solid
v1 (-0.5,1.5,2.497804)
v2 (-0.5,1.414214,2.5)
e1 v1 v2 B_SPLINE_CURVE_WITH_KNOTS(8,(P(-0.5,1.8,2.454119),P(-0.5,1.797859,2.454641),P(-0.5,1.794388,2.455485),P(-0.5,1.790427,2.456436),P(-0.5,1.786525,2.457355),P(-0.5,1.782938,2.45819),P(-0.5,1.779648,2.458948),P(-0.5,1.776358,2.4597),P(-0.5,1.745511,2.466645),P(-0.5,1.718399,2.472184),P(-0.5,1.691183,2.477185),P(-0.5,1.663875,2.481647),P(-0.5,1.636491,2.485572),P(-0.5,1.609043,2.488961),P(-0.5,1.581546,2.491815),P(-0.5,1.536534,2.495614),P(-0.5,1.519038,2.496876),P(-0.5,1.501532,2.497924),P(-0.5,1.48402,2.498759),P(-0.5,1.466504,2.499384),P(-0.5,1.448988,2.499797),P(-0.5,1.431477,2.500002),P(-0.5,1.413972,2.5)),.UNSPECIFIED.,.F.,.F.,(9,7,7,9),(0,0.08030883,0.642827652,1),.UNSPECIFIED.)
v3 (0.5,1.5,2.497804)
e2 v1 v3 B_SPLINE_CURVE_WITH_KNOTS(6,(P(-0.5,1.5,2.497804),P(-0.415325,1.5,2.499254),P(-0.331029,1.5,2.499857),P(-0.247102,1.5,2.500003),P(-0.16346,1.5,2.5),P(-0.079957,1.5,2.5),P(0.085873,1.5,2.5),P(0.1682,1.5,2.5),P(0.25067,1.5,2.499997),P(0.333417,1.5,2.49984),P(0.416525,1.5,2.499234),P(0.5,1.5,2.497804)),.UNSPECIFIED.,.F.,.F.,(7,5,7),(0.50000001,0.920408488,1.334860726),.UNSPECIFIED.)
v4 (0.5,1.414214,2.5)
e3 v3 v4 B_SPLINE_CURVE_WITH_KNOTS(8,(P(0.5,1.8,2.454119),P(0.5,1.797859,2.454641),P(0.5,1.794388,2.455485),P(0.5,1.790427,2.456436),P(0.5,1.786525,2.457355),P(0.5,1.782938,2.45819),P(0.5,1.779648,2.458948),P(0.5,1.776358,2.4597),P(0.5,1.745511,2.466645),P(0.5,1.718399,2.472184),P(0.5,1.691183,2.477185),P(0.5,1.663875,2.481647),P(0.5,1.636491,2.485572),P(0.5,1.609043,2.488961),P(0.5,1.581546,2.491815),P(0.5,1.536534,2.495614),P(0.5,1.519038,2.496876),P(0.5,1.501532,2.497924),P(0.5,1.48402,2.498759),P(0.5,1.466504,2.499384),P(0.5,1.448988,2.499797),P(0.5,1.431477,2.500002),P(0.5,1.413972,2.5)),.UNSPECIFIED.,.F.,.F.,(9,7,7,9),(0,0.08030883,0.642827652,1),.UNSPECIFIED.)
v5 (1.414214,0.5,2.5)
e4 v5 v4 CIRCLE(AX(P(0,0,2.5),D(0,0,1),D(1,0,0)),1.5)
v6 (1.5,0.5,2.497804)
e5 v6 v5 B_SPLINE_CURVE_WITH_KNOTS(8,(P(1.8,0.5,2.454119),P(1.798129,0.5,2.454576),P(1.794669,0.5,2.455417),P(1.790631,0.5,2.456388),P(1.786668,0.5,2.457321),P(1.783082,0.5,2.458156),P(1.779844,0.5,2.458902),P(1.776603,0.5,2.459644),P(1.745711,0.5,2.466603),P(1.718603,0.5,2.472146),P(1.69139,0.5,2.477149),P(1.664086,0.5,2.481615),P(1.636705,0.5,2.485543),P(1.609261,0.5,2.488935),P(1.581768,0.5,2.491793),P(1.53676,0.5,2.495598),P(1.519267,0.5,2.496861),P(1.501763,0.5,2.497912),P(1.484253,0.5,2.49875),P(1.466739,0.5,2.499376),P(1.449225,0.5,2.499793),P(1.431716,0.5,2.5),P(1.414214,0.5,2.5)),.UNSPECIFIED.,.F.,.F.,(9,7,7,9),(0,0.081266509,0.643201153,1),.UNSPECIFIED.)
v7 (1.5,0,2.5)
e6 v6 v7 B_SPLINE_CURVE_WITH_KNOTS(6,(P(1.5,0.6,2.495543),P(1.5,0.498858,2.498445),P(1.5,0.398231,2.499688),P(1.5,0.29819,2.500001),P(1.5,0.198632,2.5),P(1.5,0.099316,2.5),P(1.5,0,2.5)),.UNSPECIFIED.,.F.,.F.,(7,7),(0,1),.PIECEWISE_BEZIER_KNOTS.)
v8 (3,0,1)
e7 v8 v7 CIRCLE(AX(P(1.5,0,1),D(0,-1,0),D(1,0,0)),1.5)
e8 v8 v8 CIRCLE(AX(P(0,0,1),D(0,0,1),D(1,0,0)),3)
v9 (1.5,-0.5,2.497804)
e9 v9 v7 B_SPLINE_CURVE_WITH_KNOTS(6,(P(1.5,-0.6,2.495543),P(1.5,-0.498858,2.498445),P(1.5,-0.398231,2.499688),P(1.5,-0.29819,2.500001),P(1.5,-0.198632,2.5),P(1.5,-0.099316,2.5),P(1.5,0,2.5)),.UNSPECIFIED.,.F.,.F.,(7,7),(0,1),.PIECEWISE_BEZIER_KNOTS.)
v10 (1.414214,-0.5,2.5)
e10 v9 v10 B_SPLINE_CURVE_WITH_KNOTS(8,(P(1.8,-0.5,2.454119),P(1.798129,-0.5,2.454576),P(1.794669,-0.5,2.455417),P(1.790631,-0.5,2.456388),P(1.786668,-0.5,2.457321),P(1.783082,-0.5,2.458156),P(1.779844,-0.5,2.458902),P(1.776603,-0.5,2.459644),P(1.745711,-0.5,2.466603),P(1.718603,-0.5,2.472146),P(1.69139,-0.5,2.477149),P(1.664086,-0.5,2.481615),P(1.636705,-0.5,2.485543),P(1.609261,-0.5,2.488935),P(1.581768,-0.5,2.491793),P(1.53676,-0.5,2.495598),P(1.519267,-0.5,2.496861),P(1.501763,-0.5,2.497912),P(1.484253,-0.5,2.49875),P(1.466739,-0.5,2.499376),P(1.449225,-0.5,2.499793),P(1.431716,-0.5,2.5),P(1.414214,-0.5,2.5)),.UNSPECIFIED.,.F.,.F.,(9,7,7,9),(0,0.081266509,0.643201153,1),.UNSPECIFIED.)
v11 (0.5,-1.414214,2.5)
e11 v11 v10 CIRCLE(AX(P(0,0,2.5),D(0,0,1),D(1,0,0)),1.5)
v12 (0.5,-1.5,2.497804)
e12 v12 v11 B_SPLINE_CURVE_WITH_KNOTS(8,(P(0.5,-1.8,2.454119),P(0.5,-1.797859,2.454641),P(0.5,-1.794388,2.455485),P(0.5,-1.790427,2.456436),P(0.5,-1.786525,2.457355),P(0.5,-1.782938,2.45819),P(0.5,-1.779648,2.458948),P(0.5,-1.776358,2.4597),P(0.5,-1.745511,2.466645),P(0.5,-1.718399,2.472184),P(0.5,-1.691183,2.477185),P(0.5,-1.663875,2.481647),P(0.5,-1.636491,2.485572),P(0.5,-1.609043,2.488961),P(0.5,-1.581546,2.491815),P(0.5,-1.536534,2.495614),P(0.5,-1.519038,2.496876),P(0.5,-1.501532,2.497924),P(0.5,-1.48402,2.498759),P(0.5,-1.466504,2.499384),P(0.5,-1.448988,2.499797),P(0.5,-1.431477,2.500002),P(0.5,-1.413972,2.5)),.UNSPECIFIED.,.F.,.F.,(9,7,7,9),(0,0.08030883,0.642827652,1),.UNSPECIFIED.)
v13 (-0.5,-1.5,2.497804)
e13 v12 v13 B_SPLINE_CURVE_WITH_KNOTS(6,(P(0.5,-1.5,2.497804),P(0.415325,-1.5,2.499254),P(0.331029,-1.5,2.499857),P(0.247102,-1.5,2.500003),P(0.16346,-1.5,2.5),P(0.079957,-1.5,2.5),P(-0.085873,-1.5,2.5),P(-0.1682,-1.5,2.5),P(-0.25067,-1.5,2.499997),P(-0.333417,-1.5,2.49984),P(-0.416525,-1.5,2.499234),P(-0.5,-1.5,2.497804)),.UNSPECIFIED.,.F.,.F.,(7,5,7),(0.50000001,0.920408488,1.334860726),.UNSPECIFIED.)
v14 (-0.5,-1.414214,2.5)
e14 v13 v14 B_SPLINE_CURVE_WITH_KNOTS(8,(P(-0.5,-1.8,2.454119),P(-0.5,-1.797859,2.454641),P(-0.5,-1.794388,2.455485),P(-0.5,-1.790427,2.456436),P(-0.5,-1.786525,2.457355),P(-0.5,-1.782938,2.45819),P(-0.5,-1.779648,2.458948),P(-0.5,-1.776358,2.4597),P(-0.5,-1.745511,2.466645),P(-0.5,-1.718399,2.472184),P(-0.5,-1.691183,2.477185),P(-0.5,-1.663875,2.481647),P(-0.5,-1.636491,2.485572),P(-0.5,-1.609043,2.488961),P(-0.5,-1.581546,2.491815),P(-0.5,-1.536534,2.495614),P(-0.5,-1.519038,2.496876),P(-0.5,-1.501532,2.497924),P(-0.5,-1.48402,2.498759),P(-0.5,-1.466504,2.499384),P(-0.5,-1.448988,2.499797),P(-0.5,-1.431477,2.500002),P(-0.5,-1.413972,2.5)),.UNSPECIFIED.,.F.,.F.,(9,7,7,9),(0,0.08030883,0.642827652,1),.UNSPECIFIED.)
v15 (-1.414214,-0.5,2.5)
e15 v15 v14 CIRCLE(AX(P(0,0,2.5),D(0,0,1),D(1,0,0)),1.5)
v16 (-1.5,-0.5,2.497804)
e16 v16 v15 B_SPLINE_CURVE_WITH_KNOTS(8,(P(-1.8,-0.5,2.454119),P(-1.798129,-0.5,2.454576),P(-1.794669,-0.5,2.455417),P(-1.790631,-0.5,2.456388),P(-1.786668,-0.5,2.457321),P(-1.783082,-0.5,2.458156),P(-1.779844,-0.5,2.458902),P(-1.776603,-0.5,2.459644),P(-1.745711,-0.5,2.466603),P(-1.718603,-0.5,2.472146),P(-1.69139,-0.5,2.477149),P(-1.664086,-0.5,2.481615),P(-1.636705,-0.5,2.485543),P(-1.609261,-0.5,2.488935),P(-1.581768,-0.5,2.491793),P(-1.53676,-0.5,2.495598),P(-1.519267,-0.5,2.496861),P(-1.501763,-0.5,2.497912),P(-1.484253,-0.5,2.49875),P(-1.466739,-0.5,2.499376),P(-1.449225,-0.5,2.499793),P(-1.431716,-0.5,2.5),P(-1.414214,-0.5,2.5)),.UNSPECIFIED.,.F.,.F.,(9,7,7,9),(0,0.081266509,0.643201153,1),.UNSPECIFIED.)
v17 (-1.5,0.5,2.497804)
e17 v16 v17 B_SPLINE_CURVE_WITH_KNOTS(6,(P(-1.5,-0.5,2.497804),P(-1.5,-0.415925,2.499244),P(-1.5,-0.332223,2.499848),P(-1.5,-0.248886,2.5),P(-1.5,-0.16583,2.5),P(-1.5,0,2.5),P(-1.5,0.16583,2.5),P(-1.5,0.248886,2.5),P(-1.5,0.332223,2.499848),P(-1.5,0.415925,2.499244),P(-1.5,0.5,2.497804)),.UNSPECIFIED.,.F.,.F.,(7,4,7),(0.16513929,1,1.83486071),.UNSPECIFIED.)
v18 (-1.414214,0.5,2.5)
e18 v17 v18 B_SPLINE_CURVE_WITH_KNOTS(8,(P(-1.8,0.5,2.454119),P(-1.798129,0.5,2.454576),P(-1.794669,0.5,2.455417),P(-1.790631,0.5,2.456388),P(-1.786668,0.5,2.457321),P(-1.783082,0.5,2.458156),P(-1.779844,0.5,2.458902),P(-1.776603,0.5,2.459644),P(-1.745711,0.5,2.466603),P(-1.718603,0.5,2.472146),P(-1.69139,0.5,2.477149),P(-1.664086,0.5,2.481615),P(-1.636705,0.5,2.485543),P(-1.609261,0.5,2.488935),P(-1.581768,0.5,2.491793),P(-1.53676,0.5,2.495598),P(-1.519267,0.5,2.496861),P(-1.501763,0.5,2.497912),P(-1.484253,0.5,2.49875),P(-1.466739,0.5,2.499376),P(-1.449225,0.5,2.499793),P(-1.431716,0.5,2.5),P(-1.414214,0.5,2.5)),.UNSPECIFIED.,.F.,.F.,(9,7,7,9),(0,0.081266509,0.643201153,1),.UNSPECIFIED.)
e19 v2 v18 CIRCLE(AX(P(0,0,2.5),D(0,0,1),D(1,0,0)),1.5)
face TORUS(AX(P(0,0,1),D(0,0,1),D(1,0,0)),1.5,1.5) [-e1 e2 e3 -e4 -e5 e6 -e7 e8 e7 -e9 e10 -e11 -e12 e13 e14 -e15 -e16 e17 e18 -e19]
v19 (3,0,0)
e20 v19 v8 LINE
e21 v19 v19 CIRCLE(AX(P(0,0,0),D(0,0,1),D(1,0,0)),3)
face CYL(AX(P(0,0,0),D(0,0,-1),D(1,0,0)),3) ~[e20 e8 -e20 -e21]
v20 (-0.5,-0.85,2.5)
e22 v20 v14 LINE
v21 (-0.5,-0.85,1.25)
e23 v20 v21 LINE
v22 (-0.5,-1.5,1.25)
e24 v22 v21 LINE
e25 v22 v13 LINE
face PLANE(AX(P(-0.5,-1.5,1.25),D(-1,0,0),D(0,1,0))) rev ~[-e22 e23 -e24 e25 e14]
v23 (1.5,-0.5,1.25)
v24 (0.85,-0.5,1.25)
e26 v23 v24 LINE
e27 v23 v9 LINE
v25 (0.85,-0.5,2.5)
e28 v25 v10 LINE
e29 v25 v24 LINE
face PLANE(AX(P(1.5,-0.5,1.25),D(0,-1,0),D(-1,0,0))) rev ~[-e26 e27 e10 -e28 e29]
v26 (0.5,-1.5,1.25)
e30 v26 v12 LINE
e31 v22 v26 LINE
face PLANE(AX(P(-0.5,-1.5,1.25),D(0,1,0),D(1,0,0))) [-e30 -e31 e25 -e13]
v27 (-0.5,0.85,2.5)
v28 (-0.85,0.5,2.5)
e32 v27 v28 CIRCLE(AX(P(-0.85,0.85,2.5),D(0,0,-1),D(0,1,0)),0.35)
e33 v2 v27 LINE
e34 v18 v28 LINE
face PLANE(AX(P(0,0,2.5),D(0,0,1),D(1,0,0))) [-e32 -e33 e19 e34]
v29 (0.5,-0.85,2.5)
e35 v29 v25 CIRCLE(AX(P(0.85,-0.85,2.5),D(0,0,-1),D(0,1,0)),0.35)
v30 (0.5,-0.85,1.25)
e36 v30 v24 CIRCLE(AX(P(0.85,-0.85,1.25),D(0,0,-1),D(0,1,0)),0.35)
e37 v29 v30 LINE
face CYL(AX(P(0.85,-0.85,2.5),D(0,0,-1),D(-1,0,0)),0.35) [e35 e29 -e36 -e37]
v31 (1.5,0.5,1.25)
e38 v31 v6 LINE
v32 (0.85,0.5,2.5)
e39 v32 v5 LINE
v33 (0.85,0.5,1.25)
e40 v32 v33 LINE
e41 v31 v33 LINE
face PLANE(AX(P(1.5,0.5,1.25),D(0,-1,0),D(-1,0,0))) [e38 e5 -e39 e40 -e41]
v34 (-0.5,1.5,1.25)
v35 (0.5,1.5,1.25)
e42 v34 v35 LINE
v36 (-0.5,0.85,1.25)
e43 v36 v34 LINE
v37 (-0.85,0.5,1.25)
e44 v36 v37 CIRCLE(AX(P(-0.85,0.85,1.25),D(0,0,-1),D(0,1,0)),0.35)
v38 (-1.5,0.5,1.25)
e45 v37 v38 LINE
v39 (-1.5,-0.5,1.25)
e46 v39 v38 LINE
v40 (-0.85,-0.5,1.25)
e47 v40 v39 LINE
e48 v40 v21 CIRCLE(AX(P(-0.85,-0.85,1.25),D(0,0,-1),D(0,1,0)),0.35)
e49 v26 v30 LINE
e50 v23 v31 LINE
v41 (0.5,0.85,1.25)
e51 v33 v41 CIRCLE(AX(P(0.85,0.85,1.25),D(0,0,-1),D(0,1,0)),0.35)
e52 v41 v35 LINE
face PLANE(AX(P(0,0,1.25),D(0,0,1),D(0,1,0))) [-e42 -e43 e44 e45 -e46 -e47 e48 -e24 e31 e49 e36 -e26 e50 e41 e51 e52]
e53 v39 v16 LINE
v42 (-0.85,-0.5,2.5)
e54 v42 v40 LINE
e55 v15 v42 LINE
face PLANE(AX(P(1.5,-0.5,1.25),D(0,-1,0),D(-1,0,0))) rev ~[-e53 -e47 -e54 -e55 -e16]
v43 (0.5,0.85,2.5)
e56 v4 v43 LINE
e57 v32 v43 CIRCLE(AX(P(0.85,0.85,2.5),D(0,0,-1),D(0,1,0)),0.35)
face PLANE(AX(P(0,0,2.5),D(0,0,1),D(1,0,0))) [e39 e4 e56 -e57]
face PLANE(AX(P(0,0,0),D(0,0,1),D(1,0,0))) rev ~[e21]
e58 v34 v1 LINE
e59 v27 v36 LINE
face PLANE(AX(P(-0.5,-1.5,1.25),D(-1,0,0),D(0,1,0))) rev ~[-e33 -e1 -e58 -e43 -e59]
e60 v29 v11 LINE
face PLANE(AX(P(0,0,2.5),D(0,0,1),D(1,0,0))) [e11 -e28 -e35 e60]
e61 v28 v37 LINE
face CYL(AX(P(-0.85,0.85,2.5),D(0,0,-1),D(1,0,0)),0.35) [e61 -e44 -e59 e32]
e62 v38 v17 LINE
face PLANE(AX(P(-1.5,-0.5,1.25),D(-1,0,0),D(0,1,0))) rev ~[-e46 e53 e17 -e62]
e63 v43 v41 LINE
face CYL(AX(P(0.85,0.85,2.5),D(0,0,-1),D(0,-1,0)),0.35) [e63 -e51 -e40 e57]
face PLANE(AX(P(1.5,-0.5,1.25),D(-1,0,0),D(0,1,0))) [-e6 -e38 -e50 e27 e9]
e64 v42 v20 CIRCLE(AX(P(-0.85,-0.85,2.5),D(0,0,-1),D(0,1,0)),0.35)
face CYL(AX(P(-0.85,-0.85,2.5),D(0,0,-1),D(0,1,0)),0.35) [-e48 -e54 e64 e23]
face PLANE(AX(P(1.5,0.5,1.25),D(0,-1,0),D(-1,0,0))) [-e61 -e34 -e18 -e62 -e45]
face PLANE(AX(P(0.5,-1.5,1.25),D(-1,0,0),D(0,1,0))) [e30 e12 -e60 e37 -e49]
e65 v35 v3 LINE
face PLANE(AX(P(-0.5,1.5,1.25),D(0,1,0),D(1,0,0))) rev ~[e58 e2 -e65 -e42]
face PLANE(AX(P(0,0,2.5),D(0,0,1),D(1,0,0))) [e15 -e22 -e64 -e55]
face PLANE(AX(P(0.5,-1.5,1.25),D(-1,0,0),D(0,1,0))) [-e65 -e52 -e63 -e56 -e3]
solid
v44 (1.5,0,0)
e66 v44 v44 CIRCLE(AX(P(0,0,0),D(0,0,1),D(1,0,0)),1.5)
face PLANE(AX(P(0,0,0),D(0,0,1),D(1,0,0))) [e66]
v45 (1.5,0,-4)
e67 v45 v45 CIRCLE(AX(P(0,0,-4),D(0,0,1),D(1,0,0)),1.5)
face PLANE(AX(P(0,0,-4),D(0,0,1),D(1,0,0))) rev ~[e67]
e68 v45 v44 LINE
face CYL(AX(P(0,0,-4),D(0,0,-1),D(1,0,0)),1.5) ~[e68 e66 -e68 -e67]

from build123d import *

# Parameters (mm, degrees)
BOX_W             = 1
BOX_H             = 3
BOX_DEPTH         = 1.5
BOX001_W          = 1
BOX001_H          = 3
BOX001_DEPTH      = 1.5
CYLINDER_R        = 3
CYLINDER_DEPTH    = 2.5
FILLET_R          = 1.5
FILLET001_R       = 0.35
CYLINDER001_R     = 1.5
CYLINDER001_DEPTH = 4


with BuildPart() as cube:
    # Box → Box (new body)
    with BuildSketch(Plane(origin=(-0.5, -1.5, 1.25), x_dir=(1, 0, 0), z_dir=(0, 0, 1))):
        with Locations((0.5, 1.5)):
            Rectangle(BOX_W, BOX_H)
    extrude(amount=BOX_DEPTH)


with BuildPart() as cube001:
    # Box001 → Box001 (new body)
    with BuildSketch(Plane(origin=(1.5, -0.5, 1.25), x_dir=(0, 1, 0), z_dir=(0, 0, 1))):
        with Locations((0.5, 1.5)):
            Rectangle(BOX001_W, BOX001_H)
    extrude(amount=BOX001_DEPTH)


with BuildPart() as fillet001:
    # Cylinder → Cylinder (new body)
    with BuildSketch(Plane.XY):
        Circle(CYLINDER_R)
    extrude(amount=CYLINDER_DEPTH)

    # Fillet
    fillet_edges = [fillet001.edges().sort_by_distance(p)[0] for p in [
        (-3, 0, 2.5),
    ]]
    fillet(fillet_edges, radius=FILLET_R)

    # Cut: cut Cube001
    add(cube001.part, mode=Mode.SUBTRACT)

    # Cut001: cut Cube
    add(cube.part, mode=Mode.SUBTRACT)

    # Fillet001
    fillet001_edges = [fillet001.edges().sort_by_distance(p)[0] for p in [
        (0.5, 0.5, 1.875),
        (-0.5, 0.5, 1.875),
        (-0.5, -0.5, 1.875),
        (0.5, -0.5, 1.875),
    ]]
    fillet(fillet001_edges, radius=FILLET001_R)


with BuildPart() as cylinder001:
    # Cylinder001 → Cylinder001 (new body)
    with BuildSketch(Plane.XY.offset(-4)):
        Circle(CYLINDER001_R)
    extrude(amount=CYLINDER001_DEPTH)


solid = Compound([fillet001.part, cylinder001.part])
